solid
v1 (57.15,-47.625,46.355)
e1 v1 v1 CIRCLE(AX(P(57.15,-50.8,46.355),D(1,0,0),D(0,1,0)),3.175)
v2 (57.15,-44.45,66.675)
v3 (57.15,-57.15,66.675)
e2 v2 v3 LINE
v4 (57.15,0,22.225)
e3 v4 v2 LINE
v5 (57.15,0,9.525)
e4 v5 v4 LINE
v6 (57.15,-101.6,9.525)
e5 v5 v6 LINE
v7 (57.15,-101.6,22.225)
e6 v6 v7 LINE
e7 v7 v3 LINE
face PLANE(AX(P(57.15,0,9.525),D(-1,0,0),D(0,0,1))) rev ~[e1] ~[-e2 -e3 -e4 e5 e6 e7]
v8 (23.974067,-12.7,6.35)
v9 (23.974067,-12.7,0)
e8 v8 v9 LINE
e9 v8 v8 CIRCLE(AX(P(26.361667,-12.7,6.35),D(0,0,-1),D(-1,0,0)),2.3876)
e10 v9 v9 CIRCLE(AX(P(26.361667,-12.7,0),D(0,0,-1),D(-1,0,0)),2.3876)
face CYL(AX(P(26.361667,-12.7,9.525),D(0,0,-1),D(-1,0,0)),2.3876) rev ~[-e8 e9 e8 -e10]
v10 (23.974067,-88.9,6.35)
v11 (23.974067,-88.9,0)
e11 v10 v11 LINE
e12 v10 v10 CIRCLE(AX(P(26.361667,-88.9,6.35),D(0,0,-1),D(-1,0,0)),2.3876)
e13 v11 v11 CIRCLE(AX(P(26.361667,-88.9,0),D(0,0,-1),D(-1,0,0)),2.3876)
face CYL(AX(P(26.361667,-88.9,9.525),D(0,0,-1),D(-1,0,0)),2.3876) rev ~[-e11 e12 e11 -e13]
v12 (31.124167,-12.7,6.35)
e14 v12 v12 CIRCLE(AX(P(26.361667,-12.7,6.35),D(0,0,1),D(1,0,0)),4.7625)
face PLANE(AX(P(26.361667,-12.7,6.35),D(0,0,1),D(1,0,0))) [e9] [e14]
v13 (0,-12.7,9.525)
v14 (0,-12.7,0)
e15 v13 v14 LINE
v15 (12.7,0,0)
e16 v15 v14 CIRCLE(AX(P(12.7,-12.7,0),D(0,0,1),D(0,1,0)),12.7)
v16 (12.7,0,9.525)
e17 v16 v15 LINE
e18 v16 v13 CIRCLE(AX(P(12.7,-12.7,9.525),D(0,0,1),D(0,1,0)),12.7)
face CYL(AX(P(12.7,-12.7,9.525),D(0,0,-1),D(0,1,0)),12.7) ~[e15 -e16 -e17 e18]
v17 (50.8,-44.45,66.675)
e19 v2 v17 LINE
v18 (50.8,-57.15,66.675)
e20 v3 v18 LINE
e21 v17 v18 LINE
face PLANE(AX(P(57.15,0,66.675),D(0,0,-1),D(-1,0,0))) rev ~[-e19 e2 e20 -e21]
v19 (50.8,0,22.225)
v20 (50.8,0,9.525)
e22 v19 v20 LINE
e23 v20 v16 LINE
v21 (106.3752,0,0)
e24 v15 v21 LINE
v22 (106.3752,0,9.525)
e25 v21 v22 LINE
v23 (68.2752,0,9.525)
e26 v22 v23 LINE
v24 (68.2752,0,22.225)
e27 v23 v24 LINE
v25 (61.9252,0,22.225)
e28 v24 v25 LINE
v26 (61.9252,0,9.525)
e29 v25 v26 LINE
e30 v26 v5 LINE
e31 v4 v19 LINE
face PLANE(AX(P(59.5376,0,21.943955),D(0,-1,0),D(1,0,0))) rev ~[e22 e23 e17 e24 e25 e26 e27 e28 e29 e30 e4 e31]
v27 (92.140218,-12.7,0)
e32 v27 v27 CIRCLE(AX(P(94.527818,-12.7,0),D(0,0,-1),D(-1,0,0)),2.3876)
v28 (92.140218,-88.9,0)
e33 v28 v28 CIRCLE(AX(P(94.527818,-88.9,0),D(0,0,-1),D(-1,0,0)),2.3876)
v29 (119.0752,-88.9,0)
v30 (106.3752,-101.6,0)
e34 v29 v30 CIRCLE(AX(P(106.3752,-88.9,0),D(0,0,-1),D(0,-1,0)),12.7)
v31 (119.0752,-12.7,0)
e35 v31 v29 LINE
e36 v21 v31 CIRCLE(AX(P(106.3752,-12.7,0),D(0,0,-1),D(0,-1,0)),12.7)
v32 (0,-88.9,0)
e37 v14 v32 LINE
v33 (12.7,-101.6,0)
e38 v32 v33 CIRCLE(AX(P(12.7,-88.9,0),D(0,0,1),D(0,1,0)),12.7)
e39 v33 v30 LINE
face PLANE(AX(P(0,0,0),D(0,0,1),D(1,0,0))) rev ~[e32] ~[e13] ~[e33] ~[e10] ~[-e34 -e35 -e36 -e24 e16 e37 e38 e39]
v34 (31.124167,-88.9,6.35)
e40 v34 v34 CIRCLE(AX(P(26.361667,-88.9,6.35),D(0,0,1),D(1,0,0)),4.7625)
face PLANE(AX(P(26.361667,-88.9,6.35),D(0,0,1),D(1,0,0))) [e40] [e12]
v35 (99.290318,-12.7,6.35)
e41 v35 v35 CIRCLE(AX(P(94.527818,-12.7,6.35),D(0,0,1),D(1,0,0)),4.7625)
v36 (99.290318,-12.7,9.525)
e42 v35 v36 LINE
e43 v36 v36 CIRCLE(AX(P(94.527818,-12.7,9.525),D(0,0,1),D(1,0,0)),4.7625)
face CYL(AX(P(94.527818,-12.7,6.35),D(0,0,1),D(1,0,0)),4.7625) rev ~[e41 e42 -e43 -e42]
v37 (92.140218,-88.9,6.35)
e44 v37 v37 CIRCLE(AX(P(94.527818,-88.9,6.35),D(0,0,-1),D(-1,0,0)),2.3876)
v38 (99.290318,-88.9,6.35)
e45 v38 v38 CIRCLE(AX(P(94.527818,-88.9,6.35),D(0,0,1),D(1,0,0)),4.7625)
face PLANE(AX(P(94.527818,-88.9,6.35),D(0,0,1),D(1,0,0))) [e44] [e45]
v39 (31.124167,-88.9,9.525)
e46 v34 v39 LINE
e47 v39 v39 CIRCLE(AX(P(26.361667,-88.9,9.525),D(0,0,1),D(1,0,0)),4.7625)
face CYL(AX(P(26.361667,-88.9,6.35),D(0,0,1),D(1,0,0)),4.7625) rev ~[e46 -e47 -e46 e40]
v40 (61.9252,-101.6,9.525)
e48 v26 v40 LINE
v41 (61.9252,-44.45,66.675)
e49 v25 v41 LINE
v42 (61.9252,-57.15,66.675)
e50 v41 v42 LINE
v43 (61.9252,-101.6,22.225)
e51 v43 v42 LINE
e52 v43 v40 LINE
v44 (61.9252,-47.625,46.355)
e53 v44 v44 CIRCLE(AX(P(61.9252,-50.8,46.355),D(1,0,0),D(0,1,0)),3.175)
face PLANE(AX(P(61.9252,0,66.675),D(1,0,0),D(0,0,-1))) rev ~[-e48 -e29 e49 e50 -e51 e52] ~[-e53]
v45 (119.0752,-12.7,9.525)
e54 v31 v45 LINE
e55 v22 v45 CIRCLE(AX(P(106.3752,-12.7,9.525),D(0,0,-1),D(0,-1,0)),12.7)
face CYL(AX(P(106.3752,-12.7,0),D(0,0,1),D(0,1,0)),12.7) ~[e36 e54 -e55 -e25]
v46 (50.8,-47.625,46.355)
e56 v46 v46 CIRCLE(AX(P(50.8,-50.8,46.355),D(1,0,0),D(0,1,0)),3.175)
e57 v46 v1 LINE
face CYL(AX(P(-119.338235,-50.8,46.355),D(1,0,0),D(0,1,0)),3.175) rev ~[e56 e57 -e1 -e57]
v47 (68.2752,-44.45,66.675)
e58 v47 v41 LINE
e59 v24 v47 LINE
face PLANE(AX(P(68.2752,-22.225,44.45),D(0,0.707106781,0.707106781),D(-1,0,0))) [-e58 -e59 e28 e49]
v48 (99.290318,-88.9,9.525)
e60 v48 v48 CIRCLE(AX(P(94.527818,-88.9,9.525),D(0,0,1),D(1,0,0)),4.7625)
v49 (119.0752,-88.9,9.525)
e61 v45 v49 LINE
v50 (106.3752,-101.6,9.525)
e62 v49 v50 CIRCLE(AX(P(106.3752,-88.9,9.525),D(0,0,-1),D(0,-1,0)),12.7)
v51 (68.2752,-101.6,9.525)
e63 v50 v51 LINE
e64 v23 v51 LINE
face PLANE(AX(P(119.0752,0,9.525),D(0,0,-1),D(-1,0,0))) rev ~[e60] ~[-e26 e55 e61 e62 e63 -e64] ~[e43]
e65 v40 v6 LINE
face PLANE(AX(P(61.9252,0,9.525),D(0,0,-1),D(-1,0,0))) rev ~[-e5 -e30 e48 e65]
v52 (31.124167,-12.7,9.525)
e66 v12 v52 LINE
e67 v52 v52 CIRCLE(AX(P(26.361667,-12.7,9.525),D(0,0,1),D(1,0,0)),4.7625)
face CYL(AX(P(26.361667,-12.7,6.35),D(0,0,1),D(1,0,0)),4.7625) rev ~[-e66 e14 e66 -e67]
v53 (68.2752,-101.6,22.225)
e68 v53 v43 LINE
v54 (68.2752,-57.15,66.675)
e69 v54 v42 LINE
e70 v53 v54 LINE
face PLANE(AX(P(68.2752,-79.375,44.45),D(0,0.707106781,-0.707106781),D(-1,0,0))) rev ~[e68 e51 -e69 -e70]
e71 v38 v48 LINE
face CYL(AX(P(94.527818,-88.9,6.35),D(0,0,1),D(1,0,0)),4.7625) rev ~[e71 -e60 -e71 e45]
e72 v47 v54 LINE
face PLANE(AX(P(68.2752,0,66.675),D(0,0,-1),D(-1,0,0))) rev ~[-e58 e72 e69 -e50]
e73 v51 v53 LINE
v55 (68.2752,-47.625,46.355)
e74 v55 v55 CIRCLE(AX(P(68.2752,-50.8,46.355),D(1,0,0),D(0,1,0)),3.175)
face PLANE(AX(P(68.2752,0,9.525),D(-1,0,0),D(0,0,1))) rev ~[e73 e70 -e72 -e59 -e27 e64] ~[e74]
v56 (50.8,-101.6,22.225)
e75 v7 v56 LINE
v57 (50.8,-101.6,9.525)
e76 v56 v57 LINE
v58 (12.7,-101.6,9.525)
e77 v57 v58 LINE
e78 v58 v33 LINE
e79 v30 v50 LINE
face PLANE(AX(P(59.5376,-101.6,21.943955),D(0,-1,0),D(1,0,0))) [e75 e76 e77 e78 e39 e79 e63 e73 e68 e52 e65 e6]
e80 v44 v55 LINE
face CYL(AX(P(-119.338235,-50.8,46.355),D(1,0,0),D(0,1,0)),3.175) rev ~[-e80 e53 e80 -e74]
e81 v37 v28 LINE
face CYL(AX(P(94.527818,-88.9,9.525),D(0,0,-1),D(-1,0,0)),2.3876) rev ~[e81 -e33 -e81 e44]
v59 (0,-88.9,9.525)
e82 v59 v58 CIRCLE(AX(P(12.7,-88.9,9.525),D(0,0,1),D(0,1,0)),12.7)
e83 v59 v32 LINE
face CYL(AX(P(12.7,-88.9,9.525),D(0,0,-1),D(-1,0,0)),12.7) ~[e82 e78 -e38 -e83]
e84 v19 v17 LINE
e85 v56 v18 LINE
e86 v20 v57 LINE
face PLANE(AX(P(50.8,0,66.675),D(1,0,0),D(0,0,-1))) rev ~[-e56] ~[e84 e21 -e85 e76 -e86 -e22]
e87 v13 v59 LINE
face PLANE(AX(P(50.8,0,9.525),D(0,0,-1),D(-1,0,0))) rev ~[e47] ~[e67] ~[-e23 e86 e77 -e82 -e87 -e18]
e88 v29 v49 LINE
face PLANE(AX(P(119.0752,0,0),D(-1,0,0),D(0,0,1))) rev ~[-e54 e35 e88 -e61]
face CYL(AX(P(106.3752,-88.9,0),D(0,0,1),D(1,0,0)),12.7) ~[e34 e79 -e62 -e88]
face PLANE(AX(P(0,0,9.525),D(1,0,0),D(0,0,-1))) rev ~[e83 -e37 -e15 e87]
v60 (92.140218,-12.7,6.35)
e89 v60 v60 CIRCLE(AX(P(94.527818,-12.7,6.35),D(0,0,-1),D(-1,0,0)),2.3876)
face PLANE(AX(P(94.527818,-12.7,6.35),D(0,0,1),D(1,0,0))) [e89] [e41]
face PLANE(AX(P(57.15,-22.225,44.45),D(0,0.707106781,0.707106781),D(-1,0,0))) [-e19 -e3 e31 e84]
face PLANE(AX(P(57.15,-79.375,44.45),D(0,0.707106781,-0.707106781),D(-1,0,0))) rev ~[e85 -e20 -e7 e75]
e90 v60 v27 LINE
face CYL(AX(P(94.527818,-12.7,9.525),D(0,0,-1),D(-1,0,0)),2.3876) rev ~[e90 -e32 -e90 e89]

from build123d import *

# Parameters (mm, degrees)
F1_DEPTH       = 101.6
F3_D           = 4.7752
F3_CBORE_D     = 9.525
F3_CBORE_DEPTH = 3.175
F5_D           = 4.7752
F5_CBORE_D     = 9.525
F5_CBORE_DEPTH = 3.175
F7_D           = 6.35
F8_SIZE        = 44.45
F9_R           = 12.7


with BuildPart() as f1:
    # F0 (on Front) → F1 (new body)
    with BuildSketch(Plane.XZ):
        Polygon((0, 9.525), (0, 0), (119.0752, 0), (119.0752, 9.525), (68.2752, 9.525), (68.2752, 66.675), (61.9252, 66.675), (61.9252, 9.525), (57.15, 9.525), (57.15, 66.675), (50.8, 66.675), (50.8, 9.525), align=None)
    extrude(amount=F1_DEPTH)

    # F3 (through all)
    with Locations(Plane.XY.offset(9.525)):
        with Locations((26.361667, -12.7), (26.361667, -88.9)):
            CounterBoreHole(F3_D / 2, F3_CBORE_D / 2, F3_CBORE_DEPTH)

    # F5 (through all)
    with Locations(Plane.XY.offset(9.525)):
        with Locations((94.527818, -12.7), (94.527818, -88.9)):
            CounterBoreHole(F5_D / 2, F5_CBORE_D / 2, F5_CBORE_DEPTH)

    # F7 (through all)
    with Locations(Plane(origin=(50.8, 0, 0), x_dir=(0, -1, 0), z_dir=(-1, 0, 0))):
        with Locations((50.8, 46.355)):
            Hole(F7_D / 2)

    # F8
    f8_edges = [f1.edges().sort_by_distance(p)[0] for p in [
        (53.975, 0, 66.675),
        (53.975, -101.6, 66.675),
        (65.1002, 0, 66.675),
        (65.1002, -101.6, 66.675),
    ]]
    chamfer(f8_edges, length=F8_SIZE)

    # F9
    f9_edges = [f1.edges().sort_by_distance(p)[0] for p in [
        (0, 0, 4.7625),
        (0, -101.6, 4.7625),
        (119.0752, -101.6, 4.7625),
        (119.0752, 0, 4.7625),
    ]]
    fillet(f9_edges, radius=F9_R)


solid = f1.part
